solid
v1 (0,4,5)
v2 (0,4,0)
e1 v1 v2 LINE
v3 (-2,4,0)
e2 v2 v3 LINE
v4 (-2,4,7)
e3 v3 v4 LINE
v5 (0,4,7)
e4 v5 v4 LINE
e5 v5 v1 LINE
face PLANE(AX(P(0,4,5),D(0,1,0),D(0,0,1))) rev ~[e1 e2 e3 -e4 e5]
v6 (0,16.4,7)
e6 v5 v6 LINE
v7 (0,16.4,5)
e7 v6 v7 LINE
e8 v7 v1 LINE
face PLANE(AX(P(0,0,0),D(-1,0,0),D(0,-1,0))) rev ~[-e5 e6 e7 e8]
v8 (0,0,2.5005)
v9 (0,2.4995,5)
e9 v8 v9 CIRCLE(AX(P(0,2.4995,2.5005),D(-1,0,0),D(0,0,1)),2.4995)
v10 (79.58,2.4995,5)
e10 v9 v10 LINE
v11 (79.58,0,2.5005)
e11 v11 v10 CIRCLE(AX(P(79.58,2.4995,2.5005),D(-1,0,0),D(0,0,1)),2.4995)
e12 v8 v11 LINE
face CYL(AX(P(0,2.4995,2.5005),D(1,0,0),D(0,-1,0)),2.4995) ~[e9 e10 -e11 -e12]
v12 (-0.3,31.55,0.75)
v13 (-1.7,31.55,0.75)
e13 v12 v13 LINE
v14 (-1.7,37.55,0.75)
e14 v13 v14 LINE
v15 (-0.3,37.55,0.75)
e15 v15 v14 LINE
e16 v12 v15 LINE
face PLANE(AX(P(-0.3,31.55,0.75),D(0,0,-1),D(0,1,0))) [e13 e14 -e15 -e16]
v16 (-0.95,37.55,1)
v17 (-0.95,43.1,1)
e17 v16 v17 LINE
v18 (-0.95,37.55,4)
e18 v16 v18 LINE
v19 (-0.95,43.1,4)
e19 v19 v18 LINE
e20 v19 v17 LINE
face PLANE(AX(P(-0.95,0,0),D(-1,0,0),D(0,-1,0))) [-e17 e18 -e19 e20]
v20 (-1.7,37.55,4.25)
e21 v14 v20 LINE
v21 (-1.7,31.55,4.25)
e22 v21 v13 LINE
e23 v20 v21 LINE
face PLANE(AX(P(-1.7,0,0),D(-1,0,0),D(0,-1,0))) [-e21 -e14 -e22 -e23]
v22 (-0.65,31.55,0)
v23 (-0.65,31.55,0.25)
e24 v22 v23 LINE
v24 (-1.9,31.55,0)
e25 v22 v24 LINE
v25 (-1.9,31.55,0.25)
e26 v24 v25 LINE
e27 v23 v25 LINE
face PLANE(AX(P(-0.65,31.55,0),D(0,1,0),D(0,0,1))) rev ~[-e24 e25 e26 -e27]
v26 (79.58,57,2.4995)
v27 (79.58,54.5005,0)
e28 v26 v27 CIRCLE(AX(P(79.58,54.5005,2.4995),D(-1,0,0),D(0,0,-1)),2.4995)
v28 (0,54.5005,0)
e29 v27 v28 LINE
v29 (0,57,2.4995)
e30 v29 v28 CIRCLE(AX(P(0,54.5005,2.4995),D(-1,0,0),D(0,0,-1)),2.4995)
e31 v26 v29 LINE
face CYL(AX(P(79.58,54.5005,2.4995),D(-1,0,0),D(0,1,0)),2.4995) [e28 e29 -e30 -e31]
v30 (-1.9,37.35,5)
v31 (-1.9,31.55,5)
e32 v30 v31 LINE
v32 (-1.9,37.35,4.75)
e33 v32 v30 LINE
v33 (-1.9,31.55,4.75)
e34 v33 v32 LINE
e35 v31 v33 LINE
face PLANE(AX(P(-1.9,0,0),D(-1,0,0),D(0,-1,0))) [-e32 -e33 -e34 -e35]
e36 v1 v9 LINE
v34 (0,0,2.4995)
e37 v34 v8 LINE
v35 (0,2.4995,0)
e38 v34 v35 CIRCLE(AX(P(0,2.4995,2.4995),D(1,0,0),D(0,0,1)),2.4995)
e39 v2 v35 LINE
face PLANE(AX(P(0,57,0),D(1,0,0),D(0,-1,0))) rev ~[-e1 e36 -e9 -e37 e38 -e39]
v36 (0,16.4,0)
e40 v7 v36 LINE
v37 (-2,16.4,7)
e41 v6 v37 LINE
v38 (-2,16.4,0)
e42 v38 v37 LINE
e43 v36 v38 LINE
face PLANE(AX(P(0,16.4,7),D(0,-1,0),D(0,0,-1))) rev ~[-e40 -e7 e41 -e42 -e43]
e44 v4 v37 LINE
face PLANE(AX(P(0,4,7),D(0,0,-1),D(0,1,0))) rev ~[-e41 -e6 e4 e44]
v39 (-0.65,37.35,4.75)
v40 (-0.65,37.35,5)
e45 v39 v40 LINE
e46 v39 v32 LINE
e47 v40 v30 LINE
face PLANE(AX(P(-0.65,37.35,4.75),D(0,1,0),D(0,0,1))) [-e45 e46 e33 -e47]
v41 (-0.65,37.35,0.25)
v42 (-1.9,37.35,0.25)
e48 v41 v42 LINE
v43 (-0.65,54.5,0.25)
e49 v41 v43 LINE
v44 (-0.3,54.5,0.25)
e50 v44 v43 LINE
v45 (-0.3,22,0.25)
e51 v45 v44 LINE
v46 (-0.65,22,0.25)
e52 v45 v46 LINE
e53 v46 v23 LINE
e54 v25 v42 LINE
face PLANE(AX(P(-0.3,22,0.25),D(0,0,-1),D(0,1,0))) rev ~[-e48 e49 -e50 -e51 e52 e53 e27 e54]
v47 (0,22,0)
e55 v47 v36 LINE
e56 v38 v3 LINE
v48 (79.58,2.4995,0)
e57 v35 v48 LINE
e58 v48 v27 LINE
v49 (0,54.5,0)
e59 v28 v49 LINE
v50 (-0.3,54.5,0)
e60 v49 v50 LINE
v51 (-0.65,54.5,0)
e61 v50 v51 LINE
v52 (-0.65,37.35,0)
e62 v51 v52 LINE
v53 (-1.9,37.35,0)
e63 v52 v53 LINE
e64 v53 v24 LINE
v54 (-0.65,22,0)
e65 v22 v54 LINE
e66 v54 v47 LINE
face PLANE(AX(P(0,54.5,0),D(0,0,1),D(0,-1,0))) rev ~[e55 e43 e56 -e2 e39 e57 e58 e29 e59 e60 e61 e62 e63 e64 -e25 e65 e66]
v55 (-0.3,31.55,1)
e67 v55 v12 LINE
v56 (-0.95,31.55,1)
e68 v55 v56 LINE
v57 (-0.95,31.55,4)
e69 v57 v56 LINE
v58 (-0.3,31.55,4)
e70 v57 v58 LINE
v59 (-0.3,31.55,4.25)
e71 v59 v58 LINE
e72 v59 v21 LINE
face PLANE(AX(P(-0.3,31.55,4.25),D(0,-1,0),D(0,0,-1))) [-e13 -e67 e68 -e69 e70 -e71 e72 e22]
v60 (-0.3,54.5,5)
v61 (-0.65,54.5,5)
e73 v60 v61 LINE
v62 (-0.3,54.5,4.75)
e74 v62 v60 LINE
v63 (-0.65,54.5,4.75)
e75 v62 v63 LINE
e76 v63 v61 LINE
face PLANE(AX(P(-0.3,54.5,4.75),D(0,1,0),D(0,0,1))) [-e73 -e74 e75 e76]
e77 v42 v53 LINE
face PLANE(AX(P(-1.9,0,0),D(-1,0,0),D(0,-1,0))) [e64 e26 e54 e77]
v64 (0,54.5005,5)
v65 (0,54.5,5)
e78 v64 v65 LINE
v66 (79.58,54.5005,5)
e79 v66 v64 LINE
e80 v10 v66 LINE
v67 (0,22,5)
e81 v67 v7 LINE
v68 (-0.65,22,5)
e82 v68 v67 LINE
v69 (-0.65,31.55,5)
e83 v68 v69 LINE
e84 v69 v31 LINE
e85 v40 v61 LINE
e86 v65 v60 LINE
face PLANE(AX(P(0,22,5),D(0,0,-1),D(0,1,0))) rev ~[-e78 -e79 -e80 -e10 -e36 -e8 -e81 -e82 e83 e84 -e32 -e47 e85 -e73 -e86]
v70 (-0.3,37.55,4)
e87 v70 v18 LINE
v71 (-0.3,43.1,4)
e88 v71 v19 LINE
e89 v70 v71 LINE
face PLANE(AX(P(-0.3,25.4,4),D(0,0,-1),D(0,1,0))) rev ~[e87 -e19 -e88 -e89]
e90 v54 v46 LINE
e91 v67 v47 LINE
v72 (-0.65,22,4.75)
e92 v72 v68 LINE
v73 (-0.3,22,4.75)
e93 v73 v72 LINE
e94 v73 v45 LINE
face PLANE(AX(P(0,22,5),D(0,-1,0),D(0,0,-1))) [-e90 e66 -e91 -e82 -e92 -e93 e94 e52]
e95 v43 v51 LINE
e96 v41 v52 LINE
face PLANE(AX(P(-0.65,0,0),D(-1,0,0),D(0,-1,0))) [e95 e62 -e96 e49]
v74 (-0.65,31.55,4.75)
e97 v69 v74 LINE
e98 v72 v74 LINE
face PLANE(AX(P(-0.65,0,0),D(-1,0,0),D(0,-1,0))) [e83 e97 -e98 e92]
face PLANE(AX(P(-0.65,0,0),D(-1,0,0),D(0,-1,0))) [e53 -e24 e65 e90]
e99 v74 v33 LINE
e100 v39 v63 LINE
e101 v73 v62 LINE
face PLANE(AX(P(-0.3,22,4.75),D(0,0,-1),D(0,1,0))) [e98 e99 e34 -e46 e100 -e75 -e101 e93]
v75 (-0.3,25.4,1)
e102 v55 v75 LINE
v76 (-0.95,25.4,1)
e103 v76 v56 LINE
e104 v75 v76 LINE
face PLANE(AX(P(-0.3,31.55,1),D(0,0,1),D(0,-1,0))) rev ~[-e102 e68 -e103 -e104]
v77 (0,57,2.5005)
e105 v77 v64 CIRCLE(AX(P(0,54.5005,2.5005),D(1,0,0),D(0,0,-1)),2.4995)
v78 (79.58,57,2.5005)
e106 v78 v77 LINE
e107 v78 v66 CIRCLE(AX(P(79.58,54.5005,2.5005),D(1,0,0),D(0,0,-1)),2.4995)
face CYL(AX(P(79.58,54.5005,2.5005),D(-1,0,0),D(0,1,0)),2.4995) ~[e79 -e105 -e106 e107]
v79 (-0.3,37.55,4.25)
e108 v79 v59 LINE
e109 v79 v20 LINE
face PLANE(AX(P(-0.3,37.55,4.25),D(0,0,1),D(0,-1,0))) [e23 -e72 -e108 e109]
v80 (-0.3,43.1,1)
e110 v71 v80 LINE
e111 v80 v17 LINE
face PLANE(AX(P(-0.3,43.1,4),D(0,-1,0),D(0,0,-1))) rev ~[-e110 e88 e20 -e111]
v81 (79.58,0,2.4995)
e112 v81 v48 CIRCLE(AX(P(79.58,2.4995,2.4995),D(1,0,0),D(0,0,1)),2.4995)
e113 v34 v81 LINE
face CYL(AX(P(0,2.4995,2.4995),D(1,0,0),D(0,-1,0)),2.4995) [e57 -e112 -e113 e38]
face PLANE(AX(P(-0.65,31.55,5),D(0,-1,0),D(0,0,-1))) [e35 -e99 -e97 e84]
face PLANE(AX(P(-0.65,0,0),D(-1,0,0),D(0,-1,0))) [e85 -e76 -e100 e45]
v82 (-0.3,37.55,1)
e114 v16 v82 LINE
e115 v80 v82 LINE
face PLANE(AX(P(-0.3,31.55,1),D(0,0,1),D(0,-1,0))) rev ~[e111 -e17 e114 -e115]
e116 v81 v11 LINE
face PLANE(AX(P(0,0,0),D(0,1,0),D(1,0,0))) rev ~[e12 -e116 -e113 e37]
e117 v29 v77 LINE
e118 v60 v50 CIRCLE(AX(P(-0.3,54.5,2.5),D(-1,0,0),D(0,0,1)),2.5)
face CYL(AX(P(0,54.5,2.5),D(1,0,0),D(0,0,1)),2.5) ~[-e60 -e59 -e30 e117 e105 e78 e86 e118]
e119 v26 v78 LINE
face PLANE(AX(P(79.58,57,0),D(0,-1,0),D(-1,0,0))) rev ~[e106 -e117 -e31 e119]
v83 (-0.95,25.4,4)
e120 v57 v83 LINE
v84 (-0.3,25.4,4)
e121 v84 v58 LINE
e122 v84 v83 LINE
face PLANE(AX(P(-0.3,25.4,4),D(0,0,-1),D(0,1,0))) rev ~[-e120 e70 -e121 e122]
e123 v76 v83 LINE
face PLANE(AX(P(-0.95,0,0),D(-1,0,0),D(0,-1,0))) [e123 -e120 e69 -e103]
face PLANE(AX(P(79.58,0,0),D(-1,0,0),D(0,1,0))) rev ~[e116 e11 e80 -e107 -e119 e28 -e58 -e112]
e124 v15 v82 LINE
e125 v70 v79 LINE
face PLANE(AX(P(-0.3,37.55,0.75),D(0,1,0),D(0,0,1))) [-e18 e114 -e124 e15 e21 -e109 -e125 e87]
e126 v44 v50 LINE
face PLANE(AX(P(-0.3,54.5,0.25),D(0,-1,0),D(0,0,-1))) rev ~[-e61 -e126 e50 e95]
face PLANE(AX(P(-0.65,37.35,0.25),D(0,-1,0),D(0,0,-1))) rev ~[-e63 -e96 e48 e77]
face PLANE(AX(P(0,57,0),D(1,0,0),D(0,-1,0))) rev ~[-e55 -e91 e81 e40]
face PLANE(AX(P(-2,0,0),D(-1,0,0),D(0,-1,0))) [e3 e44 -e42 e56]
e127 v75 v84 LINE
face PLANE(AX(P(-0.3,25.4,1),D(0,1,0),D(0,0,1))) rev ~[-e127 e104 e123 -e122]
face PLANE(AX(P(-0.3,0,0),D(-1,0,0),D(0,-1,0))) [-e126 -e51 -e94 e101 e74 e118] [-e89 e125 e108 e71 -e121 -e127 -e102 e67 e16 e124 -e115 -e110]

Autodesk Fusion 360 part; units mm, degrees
sketch "Sketch1" plane through (0, 0, 0) normal (0, 0, 1) x (1, 0, 0)
  line L0 (0, 0) -> (79.58, 0)
  line L1 (79.58, 0) -> (79.58, 57)
  line L2 (79.58, 57) -> (0, 57)
  line L3 (0, 57) -> (0, 0)
  dimension "d1" = 79.58
  dimension "d2" = 57
extrude "Extrude1" add sketch "Sketch1" along normal blind 5
fillet "Fillet1" radius 2.5 4 edges at (39.79, 0, 5) (39.79, 0, 0) (39.79, 57, 5) (39.79, 57, 0)
sketch "Sketch2" plane through (0, 0, 0) normal (-1, 0, 0) x (0, -1, 0)
  arc A0 (-54.5, 5) -> (-54.5, 0) centre (-54.5, 2.5) ccw
  line L0 (-54.5, 0) -> (-2.5, 0)
  arc A1 (-2.5, 0) -> (-2.5, 5) centre (-2.5, 2.5) ccw
  line L1 (-2.5, 5) -> (-54.5, 5)
  line L2 (-54.5, 5) -> (-22, 5)
  line L3 (-22, 5) -> (-22, 0)
  line L4 (-22, 0) -> (-54.5, 0)
  arc A2 (-54.5, 5) -> (-54.5, 0) centre (-54.5, 2.5) ccw
  dimension "d7" = 5
  dimension "d8" = 32.5
extrude "Extrude2" add sketch "Sketch2" along normal blind 0.3 contours A0 L0 L1 L2 L3 L4 A2
sketch "Sketch4" plane through (-0.3, 0, 0) normal (-1, 0, 0) x (0, -1, 0)
  line L0 (-22, 5) -> (-54.5, 5)
  arc A0 (-54.5, 5) -> (-54.5, 0) centre (-54.5, 2.5) ccw
  line L1 (-54.5, 0) -> (-22, 0)
  line L2 (-22, 0) -> (-22, 5)
  line L3 (-54.5, 0) -> (-22, 0)
  line L4 (-22, 0) -> (-22, 0.25)
  line L5 (-22, 0.25) -> (-54.5, 0.25)
  line L6 (-54.5, 0.25) -> (-54.5, 0)
  line L7 (-59.156, 2.5) -> (0.7958, 2.5) construction
  line L8 (-54.5, 5) -> (-22, 5)
  line L9 (-22, 5) -> (-22, 4.75)
  line L10 (-22, 4.75) -> (-54.5, 4.75)
  line L11 (-54.5, 4.75) -> (-54.5, 5)
  dimension "d11" = 0.25
extrude "Extrude3" add sketch "Sketch4" along normal blind 0.35 contours L0 L2 L8 L9 L10 L11 | L1 L2 L3 L4 L5 L6
sketch "Sketch5" plane through (-0.65, 0, 0) normal (-1, 0, 0) x (0, -1, 0)
  line L0 (-54.5, 0) -> (-22, 0)
  line L1 (-22, 0) -> (-22, 0.25)
  line L2 (-31.55, 0.25) -> (-37.35, 0.25)
  line L3 (-37.35, 0.25) -> (-37.35, 0)
  line L4 (-37.35, 0) -> (-31.55, 0)
  line L5 (-31.55, 0) -> (-31.55, 0.25)
  line L6 (-54.5, 0.25) -> (-54.5, 0)
  line L7 (-22, 0.25) -> (-54.5, 0.25)
  line L8 (-58.264, 2.5) -> (4.0505, 2.5) construction
  line L9 (-22, 5) -> (-54.5, 5) construction
  line L10 (-31.55, 4.75) -> (-37.35, 4.75)
  line L11 (-37.35, 4.75) -> (-37.35, 5)
  line L12 (-37.35, 5) -> (-31.55, 5)
  line L13 (-31.55, 5) -> (-31.55, 4.75)
  dimension "d18" = 5.8
  dimension "d19" = 2.5
  dimension "d20" = 2.5
extrude "Extrude4" add sketch "Sketch5" along normal blind 1.25 contours L0 L2 L3 L4 L5 L7 | L10 L11 L12 L13
sketch "Sketch6" plane through (0, 0, 0) normal (-1, 0, 0) x (0, -1, 0)
  line L0 (-22, 5) -> (-22, 0)
  line L1 (-22, 0) -> (-2.5, 0)
  arc A0 (-2.5, 0) -> (-2.5, 5) centre (-2.5, 2.5) ccw
  line L2 (-2.5, 5) -> (-22, 5)
  line L3 (-4, 7) -> (-16.4, 7)
  line L4 (-16.4, 7) -> (-16.4, 0)
  line L5 (-16.4, 0) -> (-4, 0)
  line L6 (-4, 0) -> (-4, 7)
  line L7 (0, 8.6382) -> (0, -2.5126) construction
  dimension "d21" = 4
  dimension "d22" = 12.4
  dimension "d23" = 2
extrude "Extrude5" add sketch "Sketch6" along normal blind 2 contours L2 L3 L4 L6 | L1 L2 L4 L5 L6
sketch "Sketch7" plane through (-0.3, 0, 0) normal (-1, 0, 0) x (0, -1, 0)
  line L0 (-22, 4.75) -> (-54.5, 4.75)
  line L1 (-54.5, 4.75) -> (-54.5, 5)
  arc A0 (-54.5, 5) -> (-54.5, 0) centre (-54.5, 2.5) ccw
  line L2 (-54.5, 0) -> (-54.5, 0.25)
  line L3 (-54.5, 0.25) -> (-22, 0.25)
  line L4 (-22, 0.25) -> (-22, 4.75)
  line L5 (-37.55, 4.25) -> (-31.55, 4.25)
  line L6 (-31.55, 4.25) -> (-31.55, 0.75)
  line L7 (-31.55, 0.75) -> (-37.55, 0.75)
  line L8 (-37.55, 0.75) -> (-37.55, 4.25)
  line L9 (-59.3246, 2.5) -> (-29.1063, 2.5) construction
  line L10 (-31.55, 7.2978) -> (-31.55, -1.062) construction
  point P0 (-31.55, 5)
  dimension "d26" = 6
  dimension "d27" = 3.5
  dimension "d28" = 1.75
extrude "Extrude7" add sketch "Sketch7" along normal blind 1.4 contours L5 L6 L7 L8
sketch "Sketch8" plane through (-0.3, 0, 0) normal (-1, 0, 0) x (0, -1, 0)
  line L0 (-22, 4.75) -> (-54.5, 4.75)
  line L1 (-54.5, 4.75) -> (-54.5, 5)
  arc A0 (-54.5, 5) -> (-54.5, 0) centre (-54.5, 2.5) ccw
  line L2 (-54.5, 0) -> (-54.5, 0.25)
  line L3 (-54.5, 0.25) -> (-22, 0.25)
  line L4 (-22, 0.25) -> (-22, 4.75)
  line L5 (-25.4, 4) -> (-43.1, 4)
  line L6 (-43.1, 4) -> (-43.1, 1)
  line L7 (-43.1, 1) -> (-25.4, 1)
  line L8 (-25.4, 1) -> (-25.4, 4)
  line L9 (-57, 2.5) -> (-22, 2.5) construction
  line L10 (-37.55, 0.75) -> (-37.55, 4.25)
  line L11 (-37.55, 4.25) -> (-31.55, 4.25)
  line L12 (-31.55, 4.25) -> (-31.55, 0.75)
  line L13 (-31.55, 0.75) -> (-37.55, 0.75)
  dimension "d29" = 1.5
  dimension "d30" = 3
  dimension "d31" = 17.7
  dimension "d32" = 3.4
extrude "Extrude6" add sketch "Sketch8" along normal blind 0.65 contours L5 L7 L8 L12 | L5 L7 L10 L12 | L5 L6 L7 L10
equation "d8 = 35 mm - ( d7 / 2 )"
equation "d28 = d27 / 2"
equation "d29 = d30 / 2"
